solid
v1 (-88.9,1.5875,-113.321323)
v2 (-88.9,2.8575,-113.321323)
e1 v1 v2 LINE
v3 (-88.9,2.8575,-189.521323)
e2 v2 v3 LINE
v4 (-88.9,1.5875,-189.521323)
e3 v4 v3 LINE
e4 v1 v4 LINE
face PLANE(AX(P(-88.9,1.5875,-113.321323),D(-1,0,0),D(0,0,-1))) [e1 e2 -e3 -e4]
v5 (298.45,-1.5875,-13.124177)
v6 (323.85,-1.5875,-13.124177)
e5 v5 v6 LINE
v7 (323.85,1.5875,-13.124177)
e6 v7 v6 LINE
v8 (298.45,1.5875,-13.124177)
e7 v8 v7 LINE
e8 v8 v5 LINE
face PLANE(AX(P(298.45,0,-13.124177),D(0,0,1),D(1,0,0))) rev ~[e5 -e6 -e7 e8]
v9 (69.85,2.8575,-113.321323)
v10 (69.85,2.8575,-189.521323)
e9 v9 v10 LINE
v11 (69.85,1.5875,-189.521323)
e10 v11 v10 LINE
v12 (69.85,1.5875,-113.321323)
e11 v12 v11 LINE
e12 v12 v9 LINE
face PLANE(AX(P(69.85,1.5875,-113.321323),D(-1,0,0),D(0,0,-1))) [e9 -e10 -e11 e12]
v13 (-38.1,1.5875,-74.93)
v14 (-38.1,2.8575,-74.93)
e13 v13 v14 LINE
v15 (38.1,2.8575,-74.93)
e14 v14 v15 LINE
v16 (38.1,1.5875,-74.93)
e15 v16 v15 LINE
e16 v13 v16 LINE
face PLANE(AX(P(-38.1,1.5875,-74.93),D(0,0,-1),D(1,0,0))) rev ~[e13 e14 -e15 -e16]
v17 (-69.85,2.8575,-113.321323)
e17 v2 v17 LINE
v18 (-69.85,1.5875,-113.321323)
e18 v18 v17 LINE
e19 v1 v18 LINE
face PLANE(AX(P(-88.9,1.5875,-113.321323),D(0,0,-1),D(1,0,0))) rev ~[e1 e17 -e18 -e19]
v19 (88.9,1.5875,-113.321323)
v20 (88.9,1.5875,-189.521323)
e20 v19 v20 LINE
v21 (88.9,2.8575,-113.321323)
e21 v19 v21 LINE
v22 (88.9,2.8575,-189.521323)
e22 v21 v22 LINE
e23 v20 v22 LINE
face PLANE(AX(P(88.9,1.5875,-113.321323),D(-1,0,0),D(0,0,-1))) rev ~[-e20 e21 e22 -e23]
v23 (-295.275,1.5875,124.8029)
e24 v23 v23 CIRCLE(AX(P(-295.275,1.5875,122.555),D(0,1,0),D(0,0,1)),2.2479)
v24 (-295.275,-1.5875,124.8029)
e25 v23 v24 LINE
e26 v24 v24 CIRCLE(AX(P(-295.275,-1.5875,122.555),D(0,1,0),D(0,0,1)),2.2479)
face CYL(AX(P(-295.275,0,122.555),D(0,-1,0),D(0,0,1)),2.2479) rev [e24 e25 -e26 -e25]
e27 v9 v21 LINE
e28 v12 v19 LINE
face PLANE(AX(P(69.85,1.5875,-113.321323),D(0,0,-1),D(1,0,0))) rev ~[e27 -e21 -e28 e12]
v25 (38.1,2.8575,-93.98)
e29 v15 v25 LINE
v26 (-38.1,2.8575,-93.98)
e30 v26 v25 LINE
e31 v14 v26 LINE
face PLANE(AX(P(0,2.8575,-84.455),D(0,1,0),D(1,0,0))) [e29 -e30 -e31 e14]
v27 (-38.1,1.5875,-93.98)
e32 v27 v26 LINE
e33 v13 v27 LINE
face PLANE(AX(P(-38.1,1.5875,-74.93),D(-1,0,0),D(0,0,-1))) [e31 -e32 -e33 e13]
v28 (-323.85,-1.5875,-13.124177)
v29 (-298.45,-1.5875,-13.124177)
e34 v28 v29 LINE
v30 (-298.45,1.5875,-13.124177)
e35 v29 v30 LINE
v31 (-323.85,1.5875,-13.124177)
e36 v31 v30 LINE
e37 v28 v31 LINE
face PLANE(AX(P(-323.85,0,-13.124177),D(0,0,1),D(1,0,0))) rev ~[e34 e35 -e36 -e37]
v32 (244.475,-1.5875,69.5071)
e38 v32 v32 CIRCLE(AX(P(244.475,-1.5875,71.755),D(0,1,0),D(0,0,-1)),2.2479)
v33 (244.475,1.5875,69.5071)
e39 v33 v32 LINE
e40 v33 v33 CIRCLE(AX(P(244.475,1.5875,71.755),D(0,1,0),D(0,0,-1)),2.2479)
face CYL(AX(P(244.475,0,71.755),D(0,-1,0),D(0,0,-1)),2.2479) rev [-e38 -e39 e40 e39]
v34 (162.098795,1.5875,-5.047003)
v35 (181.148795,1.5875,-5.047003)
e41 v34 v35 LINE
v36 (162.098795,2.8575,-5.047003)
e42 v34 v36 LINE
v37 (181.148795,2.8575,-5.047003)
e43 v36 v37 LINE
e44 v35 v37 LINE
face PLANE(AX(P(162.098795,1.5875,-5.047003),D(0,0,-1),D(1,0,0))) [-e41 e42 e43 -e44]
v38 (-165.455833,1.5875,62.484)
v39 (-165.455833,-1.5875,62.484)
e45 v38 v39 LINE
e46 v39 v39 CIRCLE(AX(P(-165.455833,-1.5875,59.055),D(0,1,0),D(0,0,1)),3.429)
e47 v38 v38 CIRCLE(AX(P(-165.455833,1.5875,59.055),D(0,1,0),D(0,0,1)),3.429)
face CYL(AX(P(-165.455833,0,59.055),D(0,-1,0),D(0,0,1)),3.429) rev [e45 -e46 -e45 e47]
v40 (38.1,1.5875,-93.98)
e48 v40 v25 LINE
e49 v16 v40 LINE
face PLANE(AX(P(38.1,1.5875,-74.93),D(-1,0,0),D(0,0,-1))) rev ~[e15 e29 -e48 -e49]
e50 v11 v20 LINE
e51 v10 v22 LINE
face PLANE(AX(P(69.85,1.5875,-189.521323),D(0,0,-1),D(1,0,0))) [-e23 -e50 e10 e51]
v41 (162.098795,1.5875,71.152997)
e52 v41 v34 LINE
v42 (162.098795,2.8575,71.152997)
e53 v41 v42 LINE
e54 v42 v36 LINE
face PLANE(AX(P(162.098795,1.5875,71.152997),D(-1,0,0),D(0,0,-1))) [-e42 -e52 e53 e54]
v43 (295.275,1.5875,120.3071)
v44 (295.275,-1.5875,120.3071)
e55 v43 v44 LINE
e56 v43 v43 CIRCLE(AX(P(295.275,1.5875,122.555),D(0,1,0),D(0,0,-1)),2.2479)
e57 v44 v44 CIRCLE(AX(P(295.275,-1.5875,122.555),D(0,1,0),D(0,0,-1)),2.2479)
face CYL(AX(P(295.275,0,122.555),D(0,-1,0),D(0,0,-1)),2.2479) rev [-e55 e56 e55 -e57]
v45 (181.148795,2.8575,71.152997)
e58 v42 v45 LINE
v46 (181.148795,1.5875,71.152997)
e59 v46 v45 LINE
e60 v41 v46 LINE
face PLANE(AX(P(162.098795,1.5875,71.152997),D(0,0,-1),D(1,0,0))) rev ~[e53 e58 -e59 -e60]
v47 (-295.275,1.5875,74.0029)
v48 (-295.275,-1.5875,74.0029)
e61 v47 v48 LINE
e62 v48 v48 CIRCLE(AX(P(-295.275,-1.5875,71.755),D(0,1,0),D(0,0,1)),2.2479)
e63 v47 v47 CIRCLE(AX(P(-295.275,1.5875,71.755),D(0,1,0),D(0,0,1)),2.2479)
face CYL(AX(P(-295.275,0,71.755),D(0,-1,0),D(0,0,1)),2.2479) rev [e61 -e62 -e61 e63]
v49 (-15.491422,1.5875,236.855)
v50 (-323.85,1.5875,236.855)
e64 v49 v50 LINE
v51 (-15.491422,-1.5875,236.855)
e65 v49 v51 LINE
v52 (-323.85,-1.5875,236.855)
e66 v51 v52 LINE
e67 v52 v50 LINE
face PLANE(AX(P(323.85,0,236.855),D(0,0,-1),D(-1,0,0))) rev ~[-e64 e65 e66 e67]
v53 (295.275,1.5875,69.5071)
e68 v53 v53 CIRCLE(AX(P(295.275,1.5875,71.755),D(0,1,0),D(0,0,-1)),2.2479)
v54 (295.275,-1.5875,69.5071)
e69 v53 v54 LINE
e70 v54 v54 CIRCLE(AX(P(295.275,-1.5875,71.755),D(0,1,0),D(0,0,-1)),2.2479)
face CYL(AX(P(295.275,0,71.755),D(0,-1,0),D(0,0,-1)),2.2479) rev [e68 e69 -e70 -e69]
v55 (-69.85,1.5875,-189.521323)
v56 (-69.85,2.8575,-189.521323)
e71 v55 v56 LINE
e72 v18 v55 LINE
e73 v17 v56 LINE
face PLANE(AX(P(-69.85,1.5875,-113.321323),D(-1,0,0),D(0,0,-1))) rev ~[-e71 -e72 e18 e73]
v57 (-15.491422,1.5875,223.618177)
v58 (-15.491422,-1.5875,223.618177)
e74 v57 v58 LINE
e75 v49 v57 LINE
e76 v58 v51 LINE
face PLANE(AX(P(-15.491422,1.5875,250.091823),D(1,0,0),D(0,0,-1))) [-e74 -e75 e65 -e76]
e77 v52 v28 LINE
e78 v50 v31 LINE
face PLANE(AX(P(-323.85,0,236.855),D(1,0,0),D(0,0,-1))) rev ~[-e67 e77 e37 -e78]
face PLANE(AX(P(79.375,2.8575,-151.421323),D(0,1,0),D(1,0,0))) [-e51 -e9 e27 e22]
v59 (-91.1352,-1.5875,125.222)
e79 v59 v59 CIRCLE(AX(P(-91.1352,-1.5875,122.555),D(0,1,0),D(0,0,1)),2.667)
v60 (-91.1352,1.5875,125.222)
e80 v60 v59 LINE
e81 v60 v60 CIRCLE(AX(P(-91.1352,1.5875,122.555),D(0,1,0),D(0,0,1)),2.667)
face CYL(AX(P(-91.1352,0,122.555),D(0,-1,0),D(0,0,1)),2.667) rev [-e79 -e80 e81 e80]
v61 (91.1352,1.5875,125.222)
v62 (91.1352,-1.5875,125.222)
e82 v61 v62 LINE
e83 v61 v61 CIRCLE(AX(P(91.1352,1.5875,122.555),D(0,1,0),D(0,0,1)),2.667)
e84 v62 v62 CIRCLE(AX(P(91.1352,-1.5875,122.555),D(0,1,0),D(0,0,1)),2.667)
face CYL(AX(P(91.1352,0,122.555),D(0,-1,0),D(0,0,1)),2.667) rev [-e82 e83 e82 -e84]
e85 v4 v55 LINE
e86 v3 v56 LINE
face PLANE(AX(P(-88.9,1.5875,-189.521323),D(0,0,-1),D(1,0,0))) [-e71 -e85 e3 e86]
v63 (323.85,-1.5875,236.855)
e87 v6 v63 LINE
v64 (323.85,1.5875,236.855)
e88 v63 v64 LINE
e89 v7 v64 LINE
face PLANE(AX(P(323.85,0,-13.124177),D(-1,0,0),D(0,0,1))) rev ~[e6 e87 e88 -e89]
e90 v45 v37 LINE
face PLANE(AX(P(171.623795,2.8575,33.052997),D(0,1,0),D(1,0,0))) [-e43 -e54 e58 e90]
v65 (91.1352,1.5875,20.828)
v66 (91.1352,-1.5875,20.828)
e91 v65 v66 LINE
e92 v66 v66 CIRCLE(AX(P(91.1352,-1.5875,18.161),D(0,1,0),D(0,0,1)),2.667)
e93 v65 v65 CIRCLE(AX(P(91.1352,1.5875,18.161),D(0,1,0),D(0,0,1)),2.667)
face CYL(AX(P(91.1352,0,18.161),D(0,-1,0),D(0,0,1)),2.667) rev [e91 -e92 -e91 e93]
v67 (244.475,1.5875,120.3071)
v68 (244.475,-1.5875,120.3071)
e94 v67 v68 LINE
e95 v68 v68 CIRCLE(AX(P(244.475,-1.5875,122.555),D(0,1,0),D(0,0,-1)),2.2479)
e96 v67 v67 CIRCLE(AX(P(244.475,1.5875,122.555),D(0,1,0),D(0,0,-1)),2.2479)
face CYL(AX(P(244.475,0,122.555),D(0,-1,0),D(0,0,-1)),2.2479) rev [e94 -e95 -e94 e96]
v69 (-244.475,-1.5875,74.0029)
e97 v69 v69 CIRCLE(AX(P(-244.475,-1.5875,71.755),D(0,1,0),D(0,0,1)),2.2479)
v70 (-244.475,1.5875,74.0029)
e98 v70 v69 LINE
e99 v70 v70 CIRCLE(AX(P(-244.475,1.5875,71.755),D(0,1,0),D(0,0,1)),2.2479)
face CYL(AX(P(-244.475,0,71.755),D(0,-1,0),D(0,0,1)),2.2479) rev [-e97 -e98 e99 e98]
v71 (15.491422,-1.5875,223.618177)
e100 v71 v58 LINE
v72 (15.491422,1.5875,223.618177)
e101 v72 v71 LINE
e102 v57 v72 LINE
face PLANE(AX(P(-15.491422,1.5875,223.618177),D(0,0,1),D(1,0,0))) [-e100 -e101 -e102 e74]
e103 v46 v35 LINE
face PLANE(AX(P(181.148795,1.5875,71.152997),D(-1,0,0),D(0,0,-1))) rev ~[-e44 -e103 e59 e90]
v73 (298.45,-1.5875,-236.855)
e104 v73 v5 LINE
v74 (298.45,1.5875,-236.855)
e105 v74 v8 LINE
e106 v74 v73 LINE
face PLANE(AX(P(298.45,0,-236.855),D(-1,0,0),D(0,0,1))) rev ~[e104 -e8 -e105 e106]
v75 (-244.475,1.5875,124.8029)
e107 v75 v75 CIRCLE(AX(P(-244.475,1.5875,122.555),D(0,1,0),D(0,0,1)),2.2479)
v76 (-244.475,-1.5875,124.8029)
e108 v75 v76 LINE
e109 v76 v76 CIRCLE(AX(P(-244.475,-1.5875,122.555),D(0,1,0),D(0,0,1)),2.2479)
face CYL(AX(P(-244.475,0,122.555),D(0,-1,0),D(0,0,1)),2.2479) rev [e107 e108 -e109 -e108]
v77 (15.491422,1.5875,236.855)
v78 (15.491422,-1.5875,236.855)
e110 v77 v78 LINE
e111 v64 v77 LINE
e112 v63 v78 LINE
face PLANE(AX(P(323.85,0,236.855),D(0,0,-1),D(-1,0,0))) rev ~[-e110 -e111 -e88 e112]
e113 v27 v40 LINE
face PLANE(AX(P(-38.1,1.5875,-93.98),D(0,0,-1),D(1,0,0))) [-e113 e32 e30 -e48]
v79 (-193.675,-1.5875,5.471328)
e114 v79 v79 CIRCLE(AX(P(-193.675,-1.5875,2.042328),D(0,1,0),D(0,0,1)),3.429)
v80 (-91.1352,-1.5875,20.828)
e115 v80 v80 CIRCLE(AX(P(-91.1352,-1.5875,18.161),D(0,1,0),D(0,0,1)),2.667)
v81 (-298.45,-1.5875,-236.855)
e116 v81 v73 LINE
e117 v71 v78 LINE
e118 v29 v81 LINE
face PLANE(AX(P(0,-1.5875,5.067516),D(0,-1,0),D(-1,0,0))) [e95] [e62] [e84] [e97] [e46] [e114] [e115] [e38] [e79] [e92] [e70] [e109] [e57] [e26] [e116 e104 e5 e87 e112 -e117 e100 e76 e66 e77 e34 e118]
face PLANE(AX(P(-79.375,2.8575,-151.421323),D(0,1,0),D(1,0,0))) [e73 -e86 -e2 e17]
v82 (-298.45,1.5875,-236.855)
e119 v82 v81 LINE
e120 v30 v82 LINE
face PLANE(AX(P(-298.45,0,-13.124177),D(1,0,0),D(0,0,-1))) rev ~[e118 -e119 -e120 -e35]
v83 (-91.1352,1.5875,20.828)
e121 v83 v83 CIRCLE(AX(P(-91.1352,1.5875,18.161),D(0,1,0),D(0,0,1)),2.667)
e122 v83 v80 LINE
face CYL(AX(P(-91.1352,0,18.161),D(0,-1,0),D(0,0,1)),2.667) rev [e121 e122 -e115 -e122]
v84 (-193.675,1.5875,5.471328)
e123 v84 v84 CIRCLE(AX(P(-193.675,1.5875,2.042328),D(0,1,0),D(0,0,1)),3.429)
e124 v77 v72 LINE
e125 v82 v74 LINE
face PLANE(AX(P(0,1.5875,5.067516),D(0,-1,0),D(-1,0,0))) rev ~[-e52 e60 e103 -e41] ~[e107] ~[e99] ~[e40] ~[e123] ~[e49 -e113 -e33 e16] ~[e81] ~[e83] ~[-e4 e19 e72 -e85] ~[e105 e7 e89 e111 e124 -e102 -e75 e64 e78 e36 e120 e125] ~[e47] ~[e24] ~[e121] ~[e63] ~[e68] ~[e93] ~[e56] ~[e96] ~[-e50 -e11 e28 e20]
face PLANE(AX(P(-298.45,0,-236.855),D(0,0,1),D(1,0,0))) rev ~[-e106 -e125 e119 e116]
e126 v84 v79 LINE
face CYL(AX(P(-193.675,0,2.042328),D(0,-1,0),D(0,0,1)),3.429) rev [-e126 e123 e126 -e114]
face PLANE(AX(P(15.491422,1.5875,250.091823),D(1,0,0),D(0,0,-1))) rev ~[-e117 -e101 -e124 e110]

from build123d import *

# Parameters (mm, degrees)
SKETCH1_R           = 2.667
SKETCH1_R_2         = 2.2479
SKETCH1_R_3         = 3.429
BOSS_EXTRUDE1_DEPTH = 1.5875
SKETCH4_W           = 30.98284419
SKETCH4_H           = 26.473645648
CUT_EXTRUDE2_DEPTH  = 402.23458743
SKETCH5_W           = 76.2
SKETCH5_H           = 19.05
SKETCH5_W_2         = 19.05
SKETCH5_H_2         = 76.2
BOSS_EXTRUDE2_DEPTH = 1.27


with BuildPart() as part:
    # Sketch1 → Boss-Extrude1 (new, symmetric)
    with BuildSketch(Plane(origin=(0, 0, 0), x_dir=(1, 0, 0), z_dir=(0, 1, 0))):
        Polygon((-298.45, 13.124176698), (-298.45, 236.855), (298.45, 236.855), (298.45, 13.124176698), (323.85, 13.124176698), (323.85, -236.855), (-323.85, -236.855), (-323.85, 13.124176698), align=None)
        with Locations(Location((91.135199987, -18.161, 0), (0, 0, 270))):
            Circle(SKETCH1_R, mode=Mode.SUBTRACT)
        with Locations(Location((91.135199987, -122.555, 0), (0, 0, 270))):
            Circle(SKETCH1_R, mode=Mode.SUBTRACT)
        with Locations(Location((-91.135199987, -122.555, 0), (0, 0, 270))):
            Circle(SKETCH1_R, mode=Mode.SUBTRACT)
        with Locations(Location((-91.135199987, -18.161, 0), (0, 0, 270))):
            Circle(SKETCH1_R, mode=Mode.SUBTRACT)
        with Locations(Location((-295.275, -71.755, 0), (0, 0, 270))):
            Circle(SKETCH1_R_2, mode=Mode.SUBTRACT)
        with Locations(Location((-244.475, -71.755, 0), (0, 0, 270))):
            Circle(SKETCH1_R_2, mode=Mode.SUBTRACT)
        with Locations(Location((-244.475, -122.555, 0), (0, 0, 270))):
            Circle(SKETCH1_R_2, mode=Mode.SUBTRACT)
        with Locations(Location((-295.275, -122.555, 0), (0, 0, 270))):
            Circle(SKETCH1_R_2, mode=Mode.SUBTRACT)
        with Locations(Location((295.275, -122.555, 0), (0, 0, 90))):
            Circle(SKETCH1_R_2, mode=Mode.SUBTRACT)
        with Locations(Location((244.475, -122.555, 0), (0, 0, 90))):
            Circle(SKETCH1_R_2, mode=Mode.SUBTRACT)
        with Locations(Location((244.475, -71.755, 0), (0, 0, 90))):
            Circle(SKETCH1_R_2, mode=Mode.SUBTRACT)
        with Locations(Location((295.275, -71.755, 0), (0, 0, 90))):
            Circle(SKETCH1_R_2, mode=Mode.SUBTRACT)
        with Locations(Location((-193.675, -2.042328148, 0), (0, 0, 270))):
            Circle(SKETCH1_R_3, mode=Mode.SUBTRACT)
        with Locations(Location((-165.455833426, -59.055, 0), (0, 0, 270))):
            Circle(SKETCH1_R_3, mode=Mode.SUBTRACT)
    extrude(amount=BOSS_EXTRUDE1_DEPTH, both=True)

    # Sketch4 → Cut-Extrude2 (cut, through all)
    with BuildSketch(Plane(origin=(0, 1.5875, 0), x_dir=(1, 0, 0), z_dir=(0, 1, 0))):
        with Locations((0, -236.855)):
            Rectangle(SKETCH4_W, SKETCH4_H)
    extrude(amount=-CUT_EXTRUDE2_DEPTH, mode=Mode.SUBTRACT)

    # Sketch5 → Boss-Extrude2 (add)
    with BuildSketch(Plane(origin=(0, 1.5875, 0), x_dir=(1, 0, 0), z_dir=(0, 1, 0))):
        with Locations((0, 84.455)):
            Rectangle(SKETCH5_W, SKETCH5_H)
        with Locations((-79.375, 151.421322831)):
            Rectangle(SKETCH5_W_2, SKETCH5_H_2)
        with Locations((79.375, 151.421322831)):
            Rectangle(SKETCH5_W_2, SKETCH5_H_2)
        with Locations((171.623795352, -33.052997334)):
            Rectangle(SKETCH5_W_2, SKETCH5_H_2)
    extrude(amount=BOSS_EXTRUDE2_DEPTH)


solid = part.part
